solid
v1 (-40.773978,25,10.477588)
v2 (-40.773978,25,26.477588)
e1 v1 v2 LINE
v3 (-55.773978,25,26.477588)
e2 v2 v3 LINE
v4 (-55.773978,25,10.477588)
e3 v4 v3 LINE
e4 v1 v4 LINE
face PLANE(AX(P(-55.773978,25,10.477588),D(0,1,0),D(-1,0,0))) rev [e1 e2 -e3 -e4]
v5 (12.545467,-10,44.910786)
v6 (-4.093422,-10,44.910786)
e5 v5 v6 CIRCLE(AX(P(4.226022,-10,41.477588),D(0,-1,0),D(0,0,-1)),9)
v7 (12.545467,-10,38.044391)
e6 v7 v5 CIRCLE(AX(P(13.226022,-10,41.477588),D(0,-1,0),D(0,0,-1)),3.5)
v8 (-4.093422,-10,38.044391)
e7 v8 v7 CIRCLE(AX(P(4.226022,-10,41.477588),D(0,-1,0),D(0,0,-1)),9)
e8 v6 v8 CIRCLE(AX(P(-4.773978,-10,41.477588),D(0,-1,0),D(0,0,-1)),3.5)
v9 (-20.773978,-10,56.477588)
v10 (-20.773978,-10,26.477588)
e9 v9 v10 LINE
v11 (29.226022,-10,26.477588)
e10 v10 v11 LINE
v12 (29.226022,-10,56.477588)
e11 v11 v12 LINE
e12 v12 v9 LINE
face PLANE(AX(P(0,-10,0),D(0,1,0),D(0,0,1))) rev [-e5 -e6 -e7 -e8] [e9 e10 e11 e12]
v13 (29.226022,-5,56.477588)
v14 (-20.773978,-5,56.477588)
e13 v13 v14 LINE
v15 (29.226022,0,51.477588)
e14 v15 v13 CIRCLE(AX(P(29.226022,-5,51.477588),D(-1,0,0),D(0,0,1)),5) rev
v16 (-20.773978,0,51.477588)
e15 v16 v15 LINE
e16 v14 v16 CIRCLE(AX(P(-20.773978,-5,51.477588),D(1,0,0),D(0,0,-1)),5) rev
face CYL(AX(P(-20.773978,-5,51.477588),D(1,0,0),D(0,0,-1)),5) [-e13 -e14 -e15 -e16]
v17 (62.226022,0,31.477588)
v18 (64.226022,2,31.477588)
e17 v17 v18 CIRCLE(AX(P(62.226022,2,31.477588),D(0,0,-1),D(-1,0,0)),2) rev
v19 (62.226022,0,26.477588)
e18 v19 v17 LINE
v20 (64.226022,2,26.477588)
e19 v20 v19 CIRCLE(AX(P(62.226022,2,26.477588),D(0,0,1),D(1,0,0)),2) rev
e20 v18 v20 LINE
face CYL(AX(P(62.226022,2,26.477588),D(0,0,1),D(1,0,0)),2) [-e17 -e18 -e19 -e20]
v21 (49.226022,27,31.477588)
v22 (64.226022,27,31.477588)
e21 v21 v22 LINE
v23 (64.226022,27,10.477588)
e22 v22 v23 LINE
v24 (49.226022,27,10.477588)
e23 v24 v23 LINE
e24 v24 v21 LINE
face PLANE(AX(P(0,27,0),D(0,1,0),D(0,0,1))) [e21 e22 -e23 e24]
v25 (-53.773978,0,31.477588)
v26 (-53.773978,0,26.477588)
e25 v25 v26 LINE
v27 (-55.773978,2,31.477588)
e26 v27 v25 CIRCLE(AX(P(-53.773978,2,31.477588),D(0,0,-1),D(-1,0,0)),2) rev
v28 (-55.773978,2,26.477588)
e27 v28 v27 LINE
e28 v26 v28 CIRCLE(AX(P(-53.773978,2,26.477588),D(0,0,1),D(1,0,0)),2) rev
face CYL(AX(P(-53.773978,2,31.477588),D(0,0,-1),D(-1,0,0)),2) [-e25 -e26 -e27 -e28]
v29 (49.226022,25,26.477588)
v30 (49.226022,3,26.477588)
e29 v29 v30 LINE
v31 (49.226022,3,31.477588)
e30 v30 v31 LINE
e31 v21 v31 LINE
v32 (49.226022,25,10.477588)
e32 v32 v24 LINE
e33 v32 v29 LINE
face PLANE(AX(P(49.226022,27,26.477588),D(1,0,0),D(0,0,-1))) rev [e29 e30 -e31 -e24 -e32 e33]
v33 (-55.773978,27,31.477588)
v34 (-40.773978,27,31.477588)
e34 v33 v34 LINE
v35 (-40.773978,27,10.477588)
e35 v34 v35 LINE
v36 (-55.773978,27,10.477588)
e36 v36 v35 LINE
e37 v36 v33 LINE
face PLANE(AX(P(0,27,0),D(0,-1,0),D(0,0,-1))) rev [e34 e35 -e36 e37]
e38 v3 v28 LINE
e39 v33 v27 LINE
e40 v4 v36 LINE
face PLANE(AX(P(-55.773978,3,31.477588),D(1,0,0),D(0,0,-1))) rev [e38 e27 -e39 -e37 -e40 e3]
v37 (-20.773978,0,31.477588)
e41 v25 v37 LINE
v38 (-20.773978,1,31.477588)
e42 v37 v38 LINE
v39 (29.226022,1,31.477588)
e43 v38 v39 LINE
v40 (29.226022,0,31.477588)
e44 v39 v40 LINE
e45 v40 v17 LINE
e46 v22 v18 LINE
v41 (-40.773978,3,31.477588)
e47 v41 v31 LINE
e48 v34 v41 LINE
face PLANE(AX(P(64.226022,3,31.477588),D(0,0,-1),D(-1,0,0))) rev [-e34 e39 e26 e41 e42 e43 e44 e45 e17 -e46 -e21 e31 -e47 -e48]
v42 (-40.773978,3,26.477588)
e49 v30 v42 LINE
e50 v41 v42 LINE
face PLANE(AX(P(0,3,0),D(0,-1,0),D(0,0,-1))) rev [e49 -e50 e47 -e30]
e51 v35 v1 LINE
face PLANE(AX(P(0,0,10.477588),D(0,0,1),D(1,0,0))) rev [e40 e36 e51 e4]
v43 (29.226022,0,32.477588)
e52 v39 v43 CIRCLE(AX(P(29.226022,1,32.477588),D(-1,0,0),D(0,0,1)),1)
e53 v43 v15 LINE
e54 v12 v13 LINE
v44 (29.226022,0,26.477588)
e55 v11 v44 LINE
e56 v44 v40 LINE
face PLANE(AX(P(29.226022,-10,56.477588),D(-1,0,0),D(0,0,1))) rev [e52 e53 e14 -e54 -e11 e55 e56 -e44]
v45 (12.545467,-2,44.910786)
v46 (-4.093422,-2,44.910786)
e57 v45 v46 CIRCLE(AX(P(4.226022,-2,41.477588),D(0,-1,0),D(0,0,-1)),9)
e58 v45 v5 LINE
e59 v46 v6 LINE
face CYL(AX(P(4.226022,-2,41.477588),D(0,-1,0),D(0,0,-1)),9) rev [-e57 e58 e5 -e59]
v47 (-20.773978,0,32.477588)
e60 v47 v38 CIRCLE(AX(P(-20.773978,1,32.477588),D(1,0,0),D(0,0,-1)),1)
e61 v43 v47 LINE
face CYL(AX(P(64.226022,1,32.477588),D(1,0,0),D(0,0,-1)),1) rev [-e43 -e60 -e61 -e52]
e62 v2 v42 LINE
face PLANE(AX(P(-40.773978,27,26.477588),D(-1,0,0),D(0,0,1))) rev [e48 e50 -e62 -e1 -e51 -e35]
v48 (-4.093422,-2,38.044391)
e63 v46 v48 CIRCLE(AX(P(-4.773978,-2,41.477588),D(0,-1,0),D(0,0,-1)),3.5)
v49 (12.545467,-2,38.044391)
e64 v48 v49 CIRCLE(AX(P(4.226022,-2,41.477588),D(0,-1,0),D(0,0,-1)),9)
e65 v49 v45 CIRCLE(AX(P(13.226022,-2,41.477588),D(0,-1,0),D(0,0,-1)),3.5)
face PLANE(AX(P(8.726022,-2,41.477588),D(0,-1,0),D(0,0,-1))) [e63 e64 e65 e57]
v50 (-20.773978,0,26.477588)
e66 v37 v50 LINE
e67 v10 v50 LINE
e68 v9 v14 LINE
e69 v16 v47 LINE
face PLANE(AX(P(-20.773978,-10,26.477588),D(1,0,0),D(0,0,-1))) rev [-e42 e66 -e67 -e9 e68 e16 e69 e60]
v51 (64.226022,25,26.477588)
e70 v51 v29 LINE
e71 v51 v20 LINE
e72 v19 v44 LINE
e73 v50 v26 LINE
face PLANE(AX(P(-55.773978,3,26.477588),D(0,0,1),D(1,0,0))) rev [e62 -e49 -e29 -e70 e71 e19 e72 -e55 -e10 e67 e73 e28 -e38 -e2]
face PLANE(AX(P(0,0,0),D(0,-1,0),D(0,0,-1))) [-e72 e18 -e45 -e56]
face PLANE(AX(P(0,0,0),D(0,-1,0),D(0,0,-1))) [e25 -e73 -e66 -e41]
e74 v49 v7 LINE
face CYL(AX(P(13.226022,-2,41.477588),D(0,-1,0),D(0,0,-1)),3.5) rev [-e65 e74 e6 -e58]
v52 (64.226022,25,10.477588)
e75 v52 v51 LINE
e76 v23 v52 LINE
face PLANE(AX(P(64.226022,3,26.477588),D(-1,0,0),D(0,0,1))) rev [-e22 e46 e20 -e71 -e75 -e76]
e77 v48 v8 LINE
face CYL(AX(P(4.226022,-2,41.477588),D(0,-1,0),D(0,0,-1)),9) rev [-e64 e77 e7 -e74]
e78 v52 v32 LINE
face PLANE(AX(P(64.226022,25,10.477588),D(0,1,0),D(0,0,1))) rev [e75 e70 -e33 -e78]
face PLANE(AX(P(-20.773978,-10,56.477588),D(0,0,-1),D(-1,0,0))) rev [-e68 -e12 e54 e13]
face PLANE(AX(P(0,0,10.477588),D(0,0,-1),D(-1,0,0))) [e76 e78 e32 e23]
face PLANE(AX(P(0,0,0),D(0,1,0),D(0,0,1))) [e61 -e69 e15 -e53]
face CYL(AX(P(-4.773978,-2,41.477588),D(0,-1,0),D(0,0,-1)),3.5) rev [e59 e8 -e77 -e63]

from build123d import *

# Parameters (mm, degrees)
SKETCH_1_W          = 120
SKETCH_1_H          = 5
EXTRUDE_1_DEPTH     = 3
SKETCH_2_W          = 15
SKETCH_2_H          = 5
EXTRUDE_2_DEPTH     = 24
SKETCH_3_W          = 50
SKETCH_3_H          = 30
EXTRUDE_3_DEPTH     = 10
FILLET_6_R          = 1
FILLET_7_R          = 5
FILLET_9_R          = 2
FILLET_10_R         = 2
CUT_EXTRUDE_1_DEPTH = 8
SKETCH_5_W          = 15
SKETCH_5_H          = 2
EXTRUDE_4_DEPTH     = 16


with BuildPart() as part:
    # 草图1 → 凸台-拉伸1 (new body)
    with BuildSketch(Plane(origin=(0, 0, 0), x_dir=(1, 0, 0), z_dir=(0, 1, 0))):
        with Locations((4.226022422, -28.977588204)):
            Rectangle(SKETCH_1_W, SKETCH_1_H)
    extrude(amount=EXTRUDE_1_DEPTH)

    # 草图2 → 凸台-拉伸2 (add)
    with BuildSketch(Plane(origin=(0, 3, 0), x_dir=(1, 0, 0), z_dir=(0, 1, 0))):
        with Locations((-48.273977578, -28.977588204)):
            Rectangle(SKETCH_2_W, SKETCH_2_H)
        with Locations((56.726022422, -28.977588204)):
            Rectangle(SKETCH_2_W, SKETCH_2_H)
    extrude(amount=EXTRUDE_2_DEPTH)

    # 草图3 → 凸台-拉伸3 (add)
    with BuildSketch(Plane.XZ):
        with Locations((4.226022422, 41.477588204)):
            Rectangle(SKETCH_3_W, SKETCH_3_H)
    extrude(amount=EXTRUDE_3_DEPTH)

    # 圆角6
    fillet_6_edges = [part.edges().sort_by_distance(p)[0] for p in [
        (4.226022422, 0, 31.477588204),
    ]]
    fillet(fillet_6_edges, radius=FILLET_6_R)

    # 圆角7
    fillet_7_edges = [part.edges().sort_by_distance(p)[0] for p in [
        (4.226022422, 0, 56.477588204),
    ]]
    fillet(fillet_7_edges, radius=FILLET_7_R)

    # 圆角9
    fillet_9_edges = [part.edges().sort_by_distance(p)[0] for p in [
        (64.226022422, 0, 28.977588204),
    ]]
    fillet(fillet_9_edges, radius=FILLET_9_R)

    # 圆角10
    fillet_10_edges = [part.edges().sort_by_distance(p)[0] for p in [
        (-55.773977578, 0, 28.977588204),
    ]]
    fillet(fillet_10_edges, radius=FILLET_10_R)

    # 草图4 → 切除-拉伸1 (cut)
    with BuildSketch(Plane.XZ.offset(10)):
        with BuildLine():
            ThreePointArc((-4.093422023, 38.044390841), (4.226022422, 32.477588204), (12.545466866, 38.044390841))
            ThreePointArc((12.545466866, 38.044390841), (16.726022422, 41.477588204), (12.545466866, 44.910785567))
            ThreePointArc((12.545466866, 44.910785567), (4.226022422, 50.477588204), (-4.093422023, 44.910785567))
            ThreePointArc((-4.093422023, 44.910785567), (-8.273977578, 41.477588204), (-4.093422023, 38.044390841))
        make_face()
    extrude(amount=-CUT_EXTRUDE_1_DEPTH, mode=Mode.SUBTRACT)

    # 草图5 → 凸台-拉伸4 (add)
    with BuildSketch(Plane(origin=(0, 0, 26.477588204), x_dir=(-1, 0, 0), z_dir=(0, 0, -1))):
        with Locations((-56.726022422, 26)):
            Rectangle(SKETCH_5_W, SKETCH_5_H)
        with Locations((48.273977578, 26)):
            Rectangle(SKETCH_5_W, SKETCH_5_H)
    extrude(amount=EXTRUDE_4_DEPTH)


solid = part.part
